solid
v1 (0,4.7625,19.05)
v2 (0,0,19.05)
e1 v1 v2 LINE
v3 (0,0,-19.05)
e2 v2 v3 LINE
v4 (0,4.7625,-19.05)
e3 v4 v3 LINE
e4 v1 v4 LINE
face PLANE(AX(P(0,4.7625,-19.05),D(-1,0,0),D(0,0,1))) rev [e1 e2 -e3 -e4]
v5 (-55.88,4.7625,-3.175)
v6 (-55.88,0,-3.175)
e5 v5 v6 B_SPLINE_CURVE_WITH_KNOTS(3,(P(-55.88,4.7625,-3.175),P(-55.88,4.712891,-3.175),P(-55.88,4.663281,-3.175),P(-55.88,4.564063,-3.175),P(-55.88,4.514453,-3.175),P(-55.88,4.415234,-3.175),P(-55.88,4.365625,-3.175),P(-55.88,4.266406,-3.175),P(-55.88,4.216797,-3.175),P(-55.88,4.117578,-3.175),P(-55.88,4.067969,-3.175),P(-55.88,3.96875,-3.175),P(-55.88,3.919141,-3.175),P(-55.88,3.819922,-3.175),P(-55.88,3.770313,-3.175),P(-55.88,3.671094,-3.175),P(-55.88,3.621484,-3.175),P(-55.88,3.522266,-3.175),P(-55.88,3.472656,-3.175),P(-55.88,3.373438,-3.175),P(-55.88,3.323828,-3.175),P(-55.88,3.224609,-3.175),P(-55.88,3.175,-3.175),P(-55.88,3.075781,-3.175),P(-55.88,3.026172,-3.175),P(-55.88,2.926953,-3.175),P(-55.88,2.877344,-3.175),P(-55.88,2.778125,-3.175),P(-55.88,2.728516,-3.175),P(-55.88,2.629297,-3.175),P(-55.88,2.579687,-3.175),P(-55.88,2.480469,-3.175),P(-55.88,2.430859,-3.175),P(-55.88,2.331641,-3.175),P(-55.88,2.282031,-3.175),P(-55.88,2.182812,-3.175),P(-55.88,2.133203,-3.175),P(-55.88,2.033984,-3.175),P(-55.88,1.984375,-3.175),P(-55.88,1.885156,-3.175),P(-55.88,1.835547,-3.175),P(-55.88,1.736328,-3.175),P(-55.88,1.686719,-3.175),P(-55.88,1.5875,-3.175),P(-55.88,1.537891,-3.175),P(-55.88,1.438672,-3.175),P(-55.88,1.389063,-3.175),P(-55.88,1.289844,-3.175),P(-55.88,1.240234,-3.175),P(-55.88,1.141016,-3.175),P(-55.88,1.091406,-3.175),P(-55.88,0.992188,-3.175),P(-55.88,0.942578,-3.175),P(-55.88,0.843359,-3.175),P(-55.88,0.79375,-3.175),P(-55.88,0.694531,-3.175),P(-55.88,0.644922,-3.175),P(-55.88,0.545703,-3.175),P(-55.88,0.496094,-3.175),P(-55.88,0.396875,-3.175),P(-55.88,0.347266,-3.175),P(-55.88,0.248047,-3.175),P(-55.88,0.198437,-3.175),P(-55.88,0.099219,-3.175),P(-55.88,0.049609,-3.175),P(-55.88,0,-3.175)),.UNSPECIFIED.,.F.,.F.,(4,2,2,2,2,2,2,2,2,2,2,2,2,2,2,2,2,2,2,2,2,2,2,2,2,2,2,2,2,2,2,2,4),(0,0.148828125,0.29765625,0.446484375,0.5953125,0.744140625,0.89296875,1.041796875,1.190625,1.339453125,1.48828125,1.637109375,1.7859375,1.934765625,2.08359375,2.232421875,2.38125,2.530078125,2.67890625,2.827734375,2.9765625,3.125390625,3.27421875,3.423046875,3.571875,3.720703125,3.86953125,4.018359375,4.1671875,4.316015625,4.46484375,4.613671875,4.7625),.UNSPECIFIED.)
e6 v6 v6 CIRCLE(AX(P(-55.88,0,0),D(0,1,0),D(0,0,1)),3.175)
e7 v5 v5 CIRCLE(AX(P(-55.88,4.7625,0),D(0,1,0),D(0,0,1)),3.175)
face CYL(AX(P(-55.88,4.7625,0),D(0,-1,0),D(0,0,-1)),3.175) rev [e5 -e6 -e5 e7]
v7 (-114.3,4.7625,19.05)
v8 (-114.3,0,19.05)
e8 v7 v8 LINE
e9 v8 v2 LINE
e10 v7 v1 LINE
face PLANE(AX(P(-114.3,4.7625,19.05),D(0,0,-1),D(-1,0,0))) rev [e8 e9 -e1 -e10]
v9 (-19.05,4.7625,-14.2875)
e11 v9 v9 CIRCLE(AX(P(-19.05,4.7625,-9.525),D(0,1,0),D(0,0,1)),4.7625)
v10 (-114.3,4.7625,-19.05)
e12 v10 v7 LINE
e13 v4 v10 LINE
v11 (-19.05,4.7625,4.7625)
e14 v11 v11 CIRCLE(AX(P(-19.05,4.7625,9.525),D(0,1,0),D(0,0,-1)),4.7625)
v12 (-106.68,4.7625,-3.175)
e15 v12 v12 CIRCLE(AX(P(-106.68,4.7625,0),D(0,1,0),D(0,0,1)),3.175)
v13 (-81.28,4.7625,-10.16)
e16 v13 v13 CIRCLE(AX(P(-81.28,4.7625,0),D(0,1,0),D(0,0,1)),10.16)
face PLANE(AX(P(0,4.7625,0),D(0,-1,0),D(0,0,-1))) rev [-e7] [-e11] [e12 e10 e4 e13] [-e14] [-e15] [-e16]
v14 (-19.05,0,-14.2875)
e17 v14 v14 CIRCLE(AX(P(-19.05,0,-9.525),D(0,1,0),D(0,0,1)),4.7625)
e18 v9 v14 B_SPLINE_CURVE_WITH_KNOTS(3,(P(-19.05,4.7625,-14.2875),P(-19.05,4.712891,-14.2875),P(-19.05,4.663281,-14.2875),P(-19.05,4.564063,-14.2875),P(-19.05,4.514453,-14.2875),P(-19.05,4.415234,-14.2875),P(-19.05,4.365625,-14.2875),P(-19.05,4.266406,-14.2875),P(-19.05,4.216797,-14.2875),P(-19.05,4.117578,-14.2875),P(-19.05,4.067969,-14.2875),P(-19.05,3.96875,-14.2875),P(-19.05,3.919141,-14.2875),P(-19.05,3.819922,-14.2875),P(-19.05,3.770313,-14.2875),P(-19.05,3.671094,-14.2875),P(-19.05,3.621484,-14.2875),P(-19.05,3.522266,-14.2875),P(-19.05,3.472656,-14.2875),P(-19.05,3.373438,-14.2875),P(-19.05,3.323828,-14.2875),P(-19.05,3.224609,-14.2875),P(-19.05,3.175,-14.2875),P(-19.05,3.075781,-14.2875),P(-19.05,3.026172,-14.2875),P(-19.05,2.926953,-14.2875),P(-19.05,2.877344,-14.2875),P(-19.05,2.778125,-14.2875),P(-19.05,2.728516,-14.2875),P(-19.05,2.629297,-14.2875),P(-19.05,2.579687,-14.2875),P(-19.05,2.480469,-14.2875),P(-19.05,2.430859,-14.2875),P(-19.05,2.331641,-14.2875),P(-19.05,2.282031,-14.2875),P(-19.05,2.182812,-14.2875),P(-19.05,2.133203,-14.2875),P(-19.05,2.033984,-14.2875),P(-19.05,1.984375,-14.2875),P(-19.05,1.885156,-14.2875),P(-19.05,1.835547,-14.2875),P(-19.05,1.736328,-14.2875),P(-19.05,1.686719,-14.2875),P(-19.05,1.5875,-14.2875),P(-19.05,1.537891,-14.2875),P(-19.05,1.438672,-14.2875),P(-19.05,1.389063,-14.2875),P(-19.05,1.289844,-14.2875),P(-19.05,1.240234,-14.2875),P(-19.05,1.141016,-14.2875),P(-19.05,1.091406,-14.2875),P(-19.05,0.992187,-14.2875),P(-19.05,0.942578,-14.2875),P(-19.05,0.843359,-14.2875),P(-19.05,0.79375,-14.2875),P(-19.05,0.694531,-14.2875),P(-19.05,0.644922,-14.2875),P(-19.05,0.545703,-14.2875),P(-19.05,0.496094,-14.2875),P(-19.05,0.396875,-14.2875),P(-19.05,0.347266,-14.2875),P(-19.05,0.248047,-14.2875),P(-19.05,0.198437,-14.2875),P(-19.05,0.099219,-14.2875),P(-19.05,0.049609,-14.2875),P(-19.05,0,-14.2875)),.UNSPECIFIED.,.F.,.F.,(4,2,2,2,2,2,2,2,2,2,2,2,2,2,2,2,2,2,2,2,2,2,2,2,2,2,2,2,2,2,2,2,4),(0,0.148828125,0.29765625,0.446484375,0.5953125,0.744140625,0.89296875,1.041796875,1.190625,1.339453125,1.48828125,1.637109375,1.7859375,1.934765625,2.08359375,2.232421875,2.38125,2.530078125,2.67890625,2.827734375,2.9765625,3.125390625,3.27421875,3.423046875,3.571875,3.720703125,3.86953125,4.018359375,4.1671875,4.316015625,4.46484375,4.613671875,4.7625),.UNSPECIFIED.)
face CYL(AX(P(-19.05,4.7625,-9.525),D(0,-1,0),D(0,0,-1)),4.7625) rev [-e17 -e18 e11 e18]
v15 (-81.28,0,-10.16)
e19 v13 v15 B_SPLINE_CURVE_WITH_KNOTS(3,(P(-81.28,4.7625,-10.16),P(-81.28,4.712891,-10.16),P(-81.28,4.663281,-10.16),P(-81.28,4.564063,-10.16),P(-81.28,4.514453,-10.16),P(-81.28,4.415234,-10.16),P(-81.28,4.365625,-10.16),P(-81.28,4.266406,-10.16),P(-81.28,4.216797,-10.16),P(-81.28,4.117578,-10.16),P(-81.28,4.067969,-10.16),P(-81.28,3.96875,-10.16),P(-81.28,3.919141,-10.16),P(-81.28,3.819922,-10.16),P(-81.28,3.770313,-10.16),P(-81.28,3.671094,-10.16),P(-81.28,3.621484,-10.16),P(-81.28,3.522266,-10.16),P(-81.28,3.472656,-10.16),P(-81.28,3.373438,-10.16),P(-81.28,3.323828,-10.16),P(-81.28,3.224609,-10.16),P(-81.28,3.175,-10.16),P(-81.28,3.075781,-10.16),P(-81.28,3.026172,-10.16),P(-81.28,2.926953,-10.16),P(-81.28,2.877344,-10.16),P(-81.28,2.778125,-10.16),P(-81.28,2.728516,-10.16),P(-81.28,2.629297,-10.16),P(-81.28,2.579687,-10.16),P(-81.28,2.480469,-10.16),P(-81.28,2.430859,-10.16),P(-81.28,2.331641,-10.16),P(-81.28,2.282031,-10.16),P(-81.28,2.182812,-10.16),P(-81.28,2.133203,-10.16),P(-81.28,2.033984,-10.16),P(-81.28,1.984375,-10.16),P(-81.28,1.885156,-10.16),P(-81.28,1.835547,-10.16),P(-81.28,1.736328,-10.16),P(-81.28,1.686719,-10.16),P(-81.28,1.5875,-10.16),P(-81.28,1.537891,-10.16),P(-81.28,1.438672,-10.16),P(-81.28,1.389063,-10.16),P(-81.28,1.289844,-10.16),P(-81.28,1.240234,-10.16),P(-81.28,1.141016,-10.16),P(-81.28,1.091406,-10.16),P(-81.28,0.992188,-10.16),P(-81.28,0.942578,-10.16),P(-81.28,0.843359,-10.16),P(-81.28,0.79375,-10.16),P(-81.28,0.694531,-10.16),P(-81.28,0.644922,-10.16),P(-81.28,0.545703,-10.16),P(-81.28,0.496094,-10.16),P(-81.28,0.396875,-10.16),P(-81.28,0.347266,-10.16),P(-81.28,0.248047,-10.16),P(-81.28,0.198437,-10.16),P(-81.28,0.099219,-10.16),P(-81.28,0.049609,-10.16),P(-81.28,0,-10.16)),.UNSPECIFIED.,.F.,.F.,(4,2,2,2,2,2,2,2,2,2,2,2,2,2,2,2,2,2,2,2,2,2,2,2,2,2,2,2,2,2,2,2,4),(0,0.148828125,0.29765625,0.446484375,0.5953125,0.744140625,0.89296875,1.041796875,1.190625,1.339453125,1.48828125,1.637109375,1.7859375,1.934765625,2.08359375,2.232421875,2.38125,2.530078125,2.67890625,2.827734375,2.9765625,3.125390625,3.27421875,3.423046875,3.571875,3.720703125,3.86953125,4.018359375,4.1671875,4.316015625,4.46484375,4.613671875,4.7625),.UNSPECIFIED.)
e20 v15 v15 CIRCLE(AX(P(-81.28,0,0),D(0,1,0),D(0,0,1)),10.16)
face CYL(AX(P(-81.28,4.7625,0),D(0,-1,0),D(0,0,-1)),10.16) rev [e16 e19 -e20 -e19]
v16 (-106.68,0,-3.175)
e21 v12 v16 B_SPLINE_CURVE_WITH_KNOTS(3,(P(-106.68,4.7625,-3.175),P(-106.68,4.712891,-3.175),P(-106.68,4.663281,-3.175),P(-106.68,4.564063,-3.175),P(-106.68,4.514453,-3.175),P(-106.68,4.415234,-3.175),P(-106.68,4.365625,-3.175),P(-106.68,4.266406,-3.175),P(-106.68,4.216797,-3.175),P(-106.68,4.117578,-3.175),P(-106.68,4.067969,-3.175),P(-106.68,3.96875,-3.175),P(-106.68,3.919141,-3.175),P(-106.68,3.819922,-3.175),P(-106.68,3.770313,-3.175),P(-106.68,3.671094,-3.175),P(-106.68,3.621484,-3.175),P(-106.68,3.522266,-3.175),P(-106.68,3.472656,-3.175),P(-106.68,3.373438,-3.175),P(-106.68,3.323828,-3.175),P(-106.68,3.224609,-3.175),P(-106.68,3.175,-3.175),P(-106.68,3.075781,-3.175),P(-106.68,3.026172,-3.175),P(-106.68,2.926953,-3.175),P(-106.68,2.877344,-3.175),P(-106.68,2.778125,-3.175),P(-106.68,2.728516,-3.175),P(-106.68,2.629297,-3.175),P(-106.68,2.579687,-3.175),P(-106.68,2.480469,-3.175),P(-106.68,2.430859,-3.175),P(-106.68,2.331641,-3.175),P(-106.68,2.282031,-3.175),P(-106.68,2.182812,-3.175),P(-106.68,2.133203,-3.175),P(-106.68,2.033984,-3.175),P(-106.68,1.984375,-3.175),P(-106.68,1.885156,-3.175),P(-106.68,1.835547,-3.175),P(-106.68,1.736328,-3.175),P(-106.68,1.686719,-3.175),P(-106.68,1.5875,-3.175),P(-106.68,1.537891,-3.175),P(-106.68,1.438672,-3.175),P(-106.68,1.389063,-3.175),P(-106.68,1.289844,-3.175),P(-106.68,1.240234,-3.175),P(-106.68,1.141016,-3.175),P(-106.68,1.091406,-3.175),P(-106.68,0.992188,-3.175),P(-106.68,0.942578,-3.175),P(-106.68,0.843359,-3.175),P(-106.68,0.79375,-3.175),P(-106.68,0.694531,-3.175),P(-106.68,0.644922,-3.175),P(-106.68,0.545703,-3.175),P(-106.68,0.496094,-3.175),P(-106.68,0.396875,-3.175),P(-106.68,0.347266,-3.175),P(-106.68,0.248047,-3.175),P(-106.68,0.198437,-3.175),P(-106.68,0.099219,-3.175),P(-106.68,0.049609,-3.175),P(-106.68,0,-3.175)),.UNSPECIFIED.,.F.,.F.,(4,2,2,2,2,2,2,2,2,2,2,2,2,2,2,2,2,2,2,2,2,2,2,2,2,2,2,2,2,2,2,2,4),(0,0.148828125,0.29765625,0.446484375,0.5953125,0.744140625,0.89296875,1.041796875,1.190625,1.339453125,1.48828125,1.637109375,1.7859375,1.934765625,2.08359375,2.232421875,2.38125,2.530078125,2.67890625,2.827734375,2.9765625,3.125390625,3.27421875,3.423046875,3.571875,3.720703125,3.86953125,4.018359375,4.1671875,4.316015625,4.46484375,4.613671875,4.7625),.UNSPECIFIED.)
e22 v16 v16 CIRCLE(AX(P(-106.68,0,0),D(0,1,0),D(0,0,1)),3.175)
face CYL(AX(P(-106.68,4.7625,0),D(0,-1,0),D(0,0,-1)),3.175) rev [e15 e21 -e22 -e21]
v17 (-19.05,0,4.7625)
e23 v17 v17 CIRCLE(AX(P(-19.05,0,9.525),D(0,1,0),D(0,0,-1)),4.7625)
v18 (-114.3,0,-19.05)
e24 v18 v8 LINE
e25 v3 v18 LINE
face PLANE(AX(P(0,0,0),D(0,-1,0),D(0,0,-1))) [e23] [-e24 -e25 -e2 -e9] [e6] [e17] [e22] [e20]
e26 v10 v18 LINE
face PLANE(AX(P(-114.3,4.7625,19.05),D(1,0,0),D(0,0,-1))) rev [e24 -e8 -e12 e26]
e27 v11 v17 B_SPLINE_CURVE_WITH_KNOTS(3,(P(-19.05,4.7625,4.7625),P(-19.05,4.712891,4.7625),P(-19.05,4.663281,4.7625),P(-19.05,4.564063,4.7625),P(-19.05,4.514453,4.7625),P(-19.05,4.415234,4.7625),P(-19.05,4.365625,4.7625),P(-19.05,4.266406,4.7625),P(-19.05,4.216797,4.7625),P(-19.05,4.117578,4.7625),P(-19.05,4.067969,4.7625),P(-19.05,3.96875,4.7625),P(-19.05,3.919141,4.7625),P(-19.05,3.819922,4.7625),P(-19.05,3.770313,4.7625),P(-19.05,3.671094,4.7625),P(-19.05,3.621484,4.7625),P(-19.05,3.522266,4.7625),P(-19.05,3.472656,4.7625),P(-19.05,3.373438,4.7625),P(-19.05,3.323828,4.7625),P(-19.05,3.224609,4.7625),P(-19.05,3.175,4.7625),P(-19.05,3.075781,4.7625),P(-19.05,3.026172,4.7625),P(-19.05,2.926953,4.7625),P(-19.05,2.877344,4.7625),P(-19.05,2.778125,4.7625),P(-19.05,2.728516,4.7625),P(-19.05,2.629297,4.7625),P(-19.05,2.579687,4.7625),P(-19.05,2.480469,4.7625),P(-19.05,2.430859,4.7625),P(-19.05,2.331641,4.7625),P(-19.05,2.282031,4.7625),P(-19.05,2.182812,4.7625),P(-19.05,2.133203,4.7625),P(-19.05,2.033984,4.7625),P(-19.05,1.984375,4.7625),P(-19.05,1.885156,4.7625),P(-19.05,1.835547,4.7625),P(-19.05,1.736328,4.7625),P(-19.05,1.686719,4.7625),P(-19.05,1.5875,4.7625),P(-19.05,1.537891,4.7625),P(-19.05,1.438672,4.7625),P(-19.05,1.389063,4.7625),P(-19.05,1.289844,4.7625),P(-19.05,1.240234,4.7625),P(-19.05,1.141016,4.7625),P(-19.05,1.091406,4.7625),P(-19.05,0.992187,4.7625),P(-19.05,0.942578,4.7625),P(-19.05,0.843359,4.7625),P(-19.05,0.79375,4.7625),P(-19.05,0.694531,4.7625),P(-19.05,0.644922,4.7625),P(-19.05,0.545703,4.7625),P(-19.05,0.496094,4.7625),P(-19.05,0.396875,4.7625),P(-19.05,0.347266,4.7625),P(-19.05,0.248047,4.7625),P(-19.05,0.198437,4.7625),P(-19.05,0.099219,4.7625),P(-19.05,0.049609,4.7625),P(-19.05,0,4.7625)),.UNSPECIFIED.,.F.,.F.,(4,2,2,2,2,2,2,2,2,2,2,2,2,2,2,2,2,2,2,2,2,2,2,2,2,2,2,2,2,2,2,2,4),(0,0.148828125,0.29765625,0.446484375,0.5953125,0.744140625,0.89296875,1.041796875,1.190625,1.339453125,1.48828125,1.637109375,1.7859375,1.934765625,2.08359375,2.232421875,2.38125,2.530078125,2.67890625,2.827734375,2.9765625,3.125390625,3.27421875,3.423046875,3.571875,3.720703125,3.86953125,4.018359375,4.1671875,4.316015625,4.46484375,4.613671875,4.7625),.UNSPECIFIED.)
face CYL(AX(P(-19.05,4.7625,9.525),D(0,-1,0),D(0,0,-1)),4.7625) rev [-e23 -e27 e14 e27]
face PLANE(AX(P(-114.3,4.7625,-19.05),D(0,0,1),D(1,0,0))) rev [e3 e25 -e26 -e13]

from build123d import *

# Parameters (mm, degrees)
SKETCH3_W           = 114.3
SKETCH3_H           = 38.1
SKETCH3_R           = 3.175
SKETCH3_R_2         = 10.16
SKETCH3_R_3         = 4.7625
BOSS_EXTRUDE1_DEPTH = 4.7625


with BuildPart() as part:
    # Sketch3 → Boss-Extrude1 (new body)
    with BuildSketch(Plane(origin=(0, 0, 0), x_dir=(1, 0, 0), z_dir=(0, 1, 0))):
        with Locations((-57.15, 0)):
            Rectangle(SKETCH3_W, SKETCH3_H)
        with Locations(Location((-106.68, 0, 0), (0, 0, 90))):
            Circle(SKETCH3_R, mode=Mode.SUBTRACT)
        with Locations(Location((-81.28, 0, 0), (0, 0, 90))):
            Circle(SKETCH3_R_2, mode=Mode.SUBTRACT)
        with Locations(Location((-55.88, 0, 0), (0, 0, 90))):
            Circle(SKETCH3_R, mode=Mode.SUBTRACT)
        with Locations(Location((-19.05, 9.525, 0), (0, 0, 90))):
            Circle(SKETCH3_R_3, mode=Mode.SUBTRACT)
        with Locations(Location((-19.05, -9.525, 0), (0, 0, 90))):
            Circle(SKETCH3_R_3, mode=Mode.SUBTRACT)
    extrude(amount=BOSS_EXTRUDE1_DEPTH)


solid = part.part
